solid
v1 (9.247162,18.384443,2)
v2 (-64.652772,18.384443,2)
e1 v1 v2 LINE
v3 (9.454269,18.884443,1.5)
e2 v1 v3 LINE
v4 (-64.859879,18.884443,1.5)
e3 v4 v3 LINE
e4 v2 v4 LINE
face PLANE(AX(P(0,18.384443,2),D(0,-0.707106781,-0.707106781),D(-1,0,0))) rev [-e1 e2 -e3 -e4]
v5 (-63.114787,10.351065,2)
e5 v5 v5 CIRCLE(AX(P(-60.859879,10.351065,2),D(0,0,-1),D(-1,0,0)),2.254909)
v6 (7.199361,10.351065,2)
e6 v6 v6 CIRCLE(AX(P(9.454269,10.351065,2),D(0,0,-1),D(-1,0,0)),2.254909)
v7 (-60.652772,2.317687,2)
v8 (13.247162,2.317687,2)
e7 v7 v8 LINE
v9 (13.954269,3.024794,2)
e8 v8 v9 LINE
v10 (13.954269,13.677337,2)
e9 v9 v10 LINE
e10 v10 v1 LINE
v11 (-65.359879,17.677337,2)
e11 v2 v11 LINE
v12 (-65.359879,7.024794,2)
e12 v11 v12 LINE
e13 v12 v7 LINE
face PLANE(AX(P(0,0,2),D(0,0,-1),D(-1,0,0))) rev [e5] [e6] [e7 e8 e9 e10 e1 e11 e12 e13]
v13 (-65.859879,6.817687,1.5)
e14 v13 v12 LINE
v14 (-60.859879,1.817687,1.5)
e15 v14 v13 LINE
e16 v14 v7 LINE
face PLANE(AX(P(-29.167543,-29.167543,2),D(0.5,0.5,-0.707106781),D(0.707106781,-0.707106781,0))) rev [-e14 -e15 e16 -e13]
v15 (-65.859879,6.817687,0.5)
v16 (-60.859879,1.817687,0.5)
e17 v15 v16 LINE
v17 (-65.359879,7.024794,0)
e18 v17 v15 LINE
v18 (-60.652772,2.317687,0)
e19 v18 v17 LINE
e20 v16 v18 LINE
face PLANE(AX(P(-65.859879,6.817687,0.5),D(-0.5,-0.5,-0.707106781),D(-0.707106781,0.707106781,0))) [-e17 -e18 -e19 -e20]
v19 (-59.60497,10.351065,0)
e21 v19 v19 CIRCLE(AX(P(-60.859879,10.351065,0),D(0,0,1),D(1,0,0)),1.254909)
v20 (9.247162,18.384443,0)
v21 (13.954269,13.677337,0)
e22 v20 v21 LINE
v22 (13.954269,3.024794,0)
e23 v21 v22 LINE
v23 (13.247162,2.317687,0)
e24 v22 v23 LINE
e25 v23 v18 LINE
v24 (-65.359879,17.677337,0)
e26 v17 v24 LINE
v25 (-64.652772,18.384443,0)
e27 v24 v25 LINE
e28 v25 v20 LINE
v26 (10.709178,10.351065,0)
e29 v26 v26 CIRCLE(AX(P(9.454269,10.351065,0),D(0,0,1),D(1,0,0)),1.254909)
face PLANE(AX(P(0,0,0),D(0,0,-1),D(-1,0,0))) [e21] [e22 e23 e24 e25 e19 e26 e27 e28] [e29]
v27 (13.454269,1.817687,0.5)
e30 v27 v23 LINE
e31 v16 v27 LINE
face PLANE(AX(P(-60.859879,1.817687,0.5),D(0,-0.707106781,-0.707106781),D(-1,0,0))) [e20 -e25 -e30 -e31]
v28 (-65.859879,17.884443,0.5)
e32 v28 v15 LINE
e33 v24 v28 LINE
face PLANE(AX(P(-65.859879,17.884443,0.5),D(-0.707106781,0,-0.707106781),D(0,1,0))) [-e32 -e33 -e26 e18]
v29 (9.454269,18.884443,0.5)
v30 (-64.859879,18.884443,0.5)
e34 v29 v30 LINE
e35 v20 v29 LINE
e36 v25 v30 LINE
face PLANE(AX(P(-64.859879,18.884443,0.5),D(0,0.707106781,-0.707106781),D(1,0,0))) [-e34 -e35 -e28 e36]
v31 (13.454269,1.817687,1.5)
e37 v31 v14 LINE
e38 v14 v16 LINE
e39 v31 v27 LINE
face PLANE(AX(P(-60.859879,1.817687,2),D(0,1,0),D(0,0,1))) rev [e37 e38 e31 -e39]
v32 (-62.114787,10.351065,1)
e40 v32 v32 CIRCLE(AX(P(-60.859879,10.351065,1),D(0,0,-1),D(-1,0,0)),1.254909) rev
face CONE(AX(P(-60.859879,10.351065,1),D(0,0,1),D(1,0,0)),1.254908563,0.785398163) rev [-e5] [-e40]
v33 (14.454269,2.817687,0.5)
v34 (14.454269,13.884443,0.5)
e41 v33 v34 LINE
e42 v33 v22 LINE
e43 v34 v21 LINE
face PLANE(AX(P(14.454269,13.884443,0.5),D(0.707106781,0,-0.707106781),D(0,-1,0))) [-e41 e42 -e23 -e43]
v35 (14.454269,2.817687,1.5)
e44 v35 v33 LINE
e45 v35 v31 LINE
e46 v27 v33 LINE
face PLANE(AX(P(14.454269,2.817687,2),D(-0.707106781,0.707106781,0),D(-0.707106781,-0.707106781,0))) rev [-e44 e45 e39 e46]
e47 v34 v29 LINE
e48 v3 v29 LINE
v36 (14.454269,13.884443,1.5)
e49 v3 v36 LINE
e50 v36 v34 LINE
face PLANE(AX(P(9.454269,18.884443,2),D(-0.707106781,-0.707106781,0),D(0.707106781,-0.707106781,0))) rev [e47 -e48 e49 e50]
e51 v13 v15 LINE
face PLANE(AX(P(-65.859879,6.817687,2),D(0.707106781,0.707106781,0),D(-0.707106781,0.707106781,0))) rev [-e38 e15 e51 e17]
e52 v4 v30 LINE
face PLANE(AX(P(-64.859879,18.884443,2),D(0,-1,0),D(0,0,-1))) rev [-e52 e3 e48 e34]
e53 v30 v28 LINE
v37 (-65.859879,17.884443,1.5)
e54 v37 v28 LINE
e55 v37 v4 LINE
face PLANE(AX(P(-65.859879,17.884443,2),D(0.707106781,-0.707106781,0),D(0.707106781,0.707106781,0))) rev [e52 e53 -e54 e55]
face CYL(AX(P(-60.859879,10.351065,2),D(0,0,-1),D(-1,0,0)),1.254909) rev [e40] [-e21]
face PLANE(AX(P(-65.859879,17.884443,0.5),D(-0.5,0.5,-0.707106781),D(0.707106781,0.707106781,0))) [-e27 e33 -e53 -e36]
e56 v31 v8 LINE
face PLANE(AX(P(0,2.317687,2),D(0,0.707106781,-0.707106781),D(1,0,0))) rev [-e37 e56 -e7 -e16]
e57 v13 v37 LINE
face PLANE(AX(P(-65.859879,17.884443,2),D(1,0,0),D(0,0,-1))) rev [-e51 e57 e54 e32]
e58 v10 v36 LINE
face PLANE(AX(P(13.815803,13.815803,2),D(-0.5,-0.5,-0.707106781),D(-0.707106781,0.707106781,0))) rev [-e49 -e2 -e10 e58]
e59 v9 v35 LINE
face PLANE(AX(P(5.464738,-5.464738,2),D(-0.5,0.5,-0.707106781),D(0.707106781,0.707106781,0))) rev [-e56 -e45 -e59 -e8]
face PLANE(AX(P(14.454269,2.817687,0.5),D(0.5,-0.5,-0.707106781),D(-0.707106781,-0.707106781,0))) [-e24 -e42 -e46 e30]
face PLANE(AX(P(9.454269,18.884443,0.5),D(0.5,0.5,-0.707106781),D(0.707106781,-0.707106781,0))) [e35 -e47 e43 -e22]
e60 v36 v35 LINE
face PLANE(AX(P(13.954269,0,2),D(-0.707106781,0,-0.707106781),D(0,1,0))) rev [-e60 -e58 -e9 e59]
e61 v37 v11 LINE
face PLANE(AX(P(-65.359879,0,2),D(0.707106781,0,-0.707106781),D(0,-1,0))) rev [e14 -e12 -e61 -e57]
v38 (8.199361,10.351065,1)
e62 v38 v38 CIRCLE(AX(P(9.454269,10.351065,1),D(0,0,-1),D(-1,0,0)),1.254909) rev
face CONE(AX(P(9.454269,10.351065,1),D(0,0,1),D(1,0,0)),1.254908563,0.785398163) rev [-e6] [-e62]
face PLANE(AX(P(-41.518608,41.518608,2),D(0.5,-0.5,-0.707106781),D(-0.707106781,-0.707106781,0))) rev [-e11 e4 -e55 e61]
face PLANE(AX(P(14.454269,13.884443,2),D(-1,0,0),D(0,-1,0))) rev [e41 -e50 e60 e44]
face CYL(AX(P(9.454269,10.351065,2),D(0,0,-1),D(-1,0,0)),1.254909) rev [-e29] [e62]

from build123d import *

# Parameters (mm, degrees)
SKETCH_1_R      = 1.254908563
EXTRUDE_1_DEPTH = 2
CHAMFER_1_SIZE  = 1
CHAMFER_3_SIZE  = 0.5
CHAMFER_4_SIZE  = 0.5


with BuildPart() as part:
    # 草图1 → 凸台-拉伸1 (new body)
    with BuildSketch(Plane.XY):
        Polygon((-65.859878879, 17.884443478), (-64.859878879, 18.884443478), (9.454269131, 18.884443478), (14.454269131, 13.884443478), (14.454269131, 2.817687026), (13.454269131, 1.817687026), (-60.859878879, 1.817687026), (-65.859878879, 6.817687026), align=None)
        with Locations((-60.859878879, 10.351065252)):
            Circle(SKETCH_1_R, mode=Mode.SUBTRACT)
        with Locations((9.454269131, 10.351065252)):
            Circle(SKETCH_1_R, mode=Mode.SUBTRACT)
    extrude(amount=EXTRUDE_1_DEPTH)

    # 倒角1
    chamfer_1_edges = [part.edges().sort_by_distance(p)[0] for p in [
        (-62.114787442, 10.351065252, 2),
        (8.199360568, 10.351065252, 2),
    ]]
    chamfer(chamfer_1_edges, length=CHAMFER_1_SIZE)

    # 倒角3
    chamfer_3_edges = [part.edges().sort_by_distance(p)[0] for p in [
        (-65.859878879, 12.351065252, 2),
        (-63.359878879, 4.317687026, 2),
        (-23.702804874, 1.817687026, 2),
        (13.954269131, 2.317687026, 2),
        (14.454269131, 8.351065252, 2),
        (11.954269131, 16.384443478, 2),
        (-27.702804874, 18.884443478, 2),
        (-65.359878879, 18.384443478, 2),
    ]]
    chamfer(chamfer_3_edges, length=CHAMFER_3_SIZE)

    # 倒角4
    chamfer_4_edges = [part.edges().sort_by_distance(p)[0] for p in [
        (-65.359878879, 18.384443478, 0),
        (-27.702804874, 18.884443478, 0),
        (11.954269131, 16.384443478, 0),
        (14.454269131, 8.351065252, 0),
        (13.954269131, 2.317687026, 0),
        (-23.702804874, 1.817687026, 0),
        (-63.359878879, 4.317687026, 0),
        (-65.859878879, 12.351065252, 0),
    ]]
    chamfer(chamfer_4_edges, length=CHAMFER_4_SIZE)


solid = part.part
